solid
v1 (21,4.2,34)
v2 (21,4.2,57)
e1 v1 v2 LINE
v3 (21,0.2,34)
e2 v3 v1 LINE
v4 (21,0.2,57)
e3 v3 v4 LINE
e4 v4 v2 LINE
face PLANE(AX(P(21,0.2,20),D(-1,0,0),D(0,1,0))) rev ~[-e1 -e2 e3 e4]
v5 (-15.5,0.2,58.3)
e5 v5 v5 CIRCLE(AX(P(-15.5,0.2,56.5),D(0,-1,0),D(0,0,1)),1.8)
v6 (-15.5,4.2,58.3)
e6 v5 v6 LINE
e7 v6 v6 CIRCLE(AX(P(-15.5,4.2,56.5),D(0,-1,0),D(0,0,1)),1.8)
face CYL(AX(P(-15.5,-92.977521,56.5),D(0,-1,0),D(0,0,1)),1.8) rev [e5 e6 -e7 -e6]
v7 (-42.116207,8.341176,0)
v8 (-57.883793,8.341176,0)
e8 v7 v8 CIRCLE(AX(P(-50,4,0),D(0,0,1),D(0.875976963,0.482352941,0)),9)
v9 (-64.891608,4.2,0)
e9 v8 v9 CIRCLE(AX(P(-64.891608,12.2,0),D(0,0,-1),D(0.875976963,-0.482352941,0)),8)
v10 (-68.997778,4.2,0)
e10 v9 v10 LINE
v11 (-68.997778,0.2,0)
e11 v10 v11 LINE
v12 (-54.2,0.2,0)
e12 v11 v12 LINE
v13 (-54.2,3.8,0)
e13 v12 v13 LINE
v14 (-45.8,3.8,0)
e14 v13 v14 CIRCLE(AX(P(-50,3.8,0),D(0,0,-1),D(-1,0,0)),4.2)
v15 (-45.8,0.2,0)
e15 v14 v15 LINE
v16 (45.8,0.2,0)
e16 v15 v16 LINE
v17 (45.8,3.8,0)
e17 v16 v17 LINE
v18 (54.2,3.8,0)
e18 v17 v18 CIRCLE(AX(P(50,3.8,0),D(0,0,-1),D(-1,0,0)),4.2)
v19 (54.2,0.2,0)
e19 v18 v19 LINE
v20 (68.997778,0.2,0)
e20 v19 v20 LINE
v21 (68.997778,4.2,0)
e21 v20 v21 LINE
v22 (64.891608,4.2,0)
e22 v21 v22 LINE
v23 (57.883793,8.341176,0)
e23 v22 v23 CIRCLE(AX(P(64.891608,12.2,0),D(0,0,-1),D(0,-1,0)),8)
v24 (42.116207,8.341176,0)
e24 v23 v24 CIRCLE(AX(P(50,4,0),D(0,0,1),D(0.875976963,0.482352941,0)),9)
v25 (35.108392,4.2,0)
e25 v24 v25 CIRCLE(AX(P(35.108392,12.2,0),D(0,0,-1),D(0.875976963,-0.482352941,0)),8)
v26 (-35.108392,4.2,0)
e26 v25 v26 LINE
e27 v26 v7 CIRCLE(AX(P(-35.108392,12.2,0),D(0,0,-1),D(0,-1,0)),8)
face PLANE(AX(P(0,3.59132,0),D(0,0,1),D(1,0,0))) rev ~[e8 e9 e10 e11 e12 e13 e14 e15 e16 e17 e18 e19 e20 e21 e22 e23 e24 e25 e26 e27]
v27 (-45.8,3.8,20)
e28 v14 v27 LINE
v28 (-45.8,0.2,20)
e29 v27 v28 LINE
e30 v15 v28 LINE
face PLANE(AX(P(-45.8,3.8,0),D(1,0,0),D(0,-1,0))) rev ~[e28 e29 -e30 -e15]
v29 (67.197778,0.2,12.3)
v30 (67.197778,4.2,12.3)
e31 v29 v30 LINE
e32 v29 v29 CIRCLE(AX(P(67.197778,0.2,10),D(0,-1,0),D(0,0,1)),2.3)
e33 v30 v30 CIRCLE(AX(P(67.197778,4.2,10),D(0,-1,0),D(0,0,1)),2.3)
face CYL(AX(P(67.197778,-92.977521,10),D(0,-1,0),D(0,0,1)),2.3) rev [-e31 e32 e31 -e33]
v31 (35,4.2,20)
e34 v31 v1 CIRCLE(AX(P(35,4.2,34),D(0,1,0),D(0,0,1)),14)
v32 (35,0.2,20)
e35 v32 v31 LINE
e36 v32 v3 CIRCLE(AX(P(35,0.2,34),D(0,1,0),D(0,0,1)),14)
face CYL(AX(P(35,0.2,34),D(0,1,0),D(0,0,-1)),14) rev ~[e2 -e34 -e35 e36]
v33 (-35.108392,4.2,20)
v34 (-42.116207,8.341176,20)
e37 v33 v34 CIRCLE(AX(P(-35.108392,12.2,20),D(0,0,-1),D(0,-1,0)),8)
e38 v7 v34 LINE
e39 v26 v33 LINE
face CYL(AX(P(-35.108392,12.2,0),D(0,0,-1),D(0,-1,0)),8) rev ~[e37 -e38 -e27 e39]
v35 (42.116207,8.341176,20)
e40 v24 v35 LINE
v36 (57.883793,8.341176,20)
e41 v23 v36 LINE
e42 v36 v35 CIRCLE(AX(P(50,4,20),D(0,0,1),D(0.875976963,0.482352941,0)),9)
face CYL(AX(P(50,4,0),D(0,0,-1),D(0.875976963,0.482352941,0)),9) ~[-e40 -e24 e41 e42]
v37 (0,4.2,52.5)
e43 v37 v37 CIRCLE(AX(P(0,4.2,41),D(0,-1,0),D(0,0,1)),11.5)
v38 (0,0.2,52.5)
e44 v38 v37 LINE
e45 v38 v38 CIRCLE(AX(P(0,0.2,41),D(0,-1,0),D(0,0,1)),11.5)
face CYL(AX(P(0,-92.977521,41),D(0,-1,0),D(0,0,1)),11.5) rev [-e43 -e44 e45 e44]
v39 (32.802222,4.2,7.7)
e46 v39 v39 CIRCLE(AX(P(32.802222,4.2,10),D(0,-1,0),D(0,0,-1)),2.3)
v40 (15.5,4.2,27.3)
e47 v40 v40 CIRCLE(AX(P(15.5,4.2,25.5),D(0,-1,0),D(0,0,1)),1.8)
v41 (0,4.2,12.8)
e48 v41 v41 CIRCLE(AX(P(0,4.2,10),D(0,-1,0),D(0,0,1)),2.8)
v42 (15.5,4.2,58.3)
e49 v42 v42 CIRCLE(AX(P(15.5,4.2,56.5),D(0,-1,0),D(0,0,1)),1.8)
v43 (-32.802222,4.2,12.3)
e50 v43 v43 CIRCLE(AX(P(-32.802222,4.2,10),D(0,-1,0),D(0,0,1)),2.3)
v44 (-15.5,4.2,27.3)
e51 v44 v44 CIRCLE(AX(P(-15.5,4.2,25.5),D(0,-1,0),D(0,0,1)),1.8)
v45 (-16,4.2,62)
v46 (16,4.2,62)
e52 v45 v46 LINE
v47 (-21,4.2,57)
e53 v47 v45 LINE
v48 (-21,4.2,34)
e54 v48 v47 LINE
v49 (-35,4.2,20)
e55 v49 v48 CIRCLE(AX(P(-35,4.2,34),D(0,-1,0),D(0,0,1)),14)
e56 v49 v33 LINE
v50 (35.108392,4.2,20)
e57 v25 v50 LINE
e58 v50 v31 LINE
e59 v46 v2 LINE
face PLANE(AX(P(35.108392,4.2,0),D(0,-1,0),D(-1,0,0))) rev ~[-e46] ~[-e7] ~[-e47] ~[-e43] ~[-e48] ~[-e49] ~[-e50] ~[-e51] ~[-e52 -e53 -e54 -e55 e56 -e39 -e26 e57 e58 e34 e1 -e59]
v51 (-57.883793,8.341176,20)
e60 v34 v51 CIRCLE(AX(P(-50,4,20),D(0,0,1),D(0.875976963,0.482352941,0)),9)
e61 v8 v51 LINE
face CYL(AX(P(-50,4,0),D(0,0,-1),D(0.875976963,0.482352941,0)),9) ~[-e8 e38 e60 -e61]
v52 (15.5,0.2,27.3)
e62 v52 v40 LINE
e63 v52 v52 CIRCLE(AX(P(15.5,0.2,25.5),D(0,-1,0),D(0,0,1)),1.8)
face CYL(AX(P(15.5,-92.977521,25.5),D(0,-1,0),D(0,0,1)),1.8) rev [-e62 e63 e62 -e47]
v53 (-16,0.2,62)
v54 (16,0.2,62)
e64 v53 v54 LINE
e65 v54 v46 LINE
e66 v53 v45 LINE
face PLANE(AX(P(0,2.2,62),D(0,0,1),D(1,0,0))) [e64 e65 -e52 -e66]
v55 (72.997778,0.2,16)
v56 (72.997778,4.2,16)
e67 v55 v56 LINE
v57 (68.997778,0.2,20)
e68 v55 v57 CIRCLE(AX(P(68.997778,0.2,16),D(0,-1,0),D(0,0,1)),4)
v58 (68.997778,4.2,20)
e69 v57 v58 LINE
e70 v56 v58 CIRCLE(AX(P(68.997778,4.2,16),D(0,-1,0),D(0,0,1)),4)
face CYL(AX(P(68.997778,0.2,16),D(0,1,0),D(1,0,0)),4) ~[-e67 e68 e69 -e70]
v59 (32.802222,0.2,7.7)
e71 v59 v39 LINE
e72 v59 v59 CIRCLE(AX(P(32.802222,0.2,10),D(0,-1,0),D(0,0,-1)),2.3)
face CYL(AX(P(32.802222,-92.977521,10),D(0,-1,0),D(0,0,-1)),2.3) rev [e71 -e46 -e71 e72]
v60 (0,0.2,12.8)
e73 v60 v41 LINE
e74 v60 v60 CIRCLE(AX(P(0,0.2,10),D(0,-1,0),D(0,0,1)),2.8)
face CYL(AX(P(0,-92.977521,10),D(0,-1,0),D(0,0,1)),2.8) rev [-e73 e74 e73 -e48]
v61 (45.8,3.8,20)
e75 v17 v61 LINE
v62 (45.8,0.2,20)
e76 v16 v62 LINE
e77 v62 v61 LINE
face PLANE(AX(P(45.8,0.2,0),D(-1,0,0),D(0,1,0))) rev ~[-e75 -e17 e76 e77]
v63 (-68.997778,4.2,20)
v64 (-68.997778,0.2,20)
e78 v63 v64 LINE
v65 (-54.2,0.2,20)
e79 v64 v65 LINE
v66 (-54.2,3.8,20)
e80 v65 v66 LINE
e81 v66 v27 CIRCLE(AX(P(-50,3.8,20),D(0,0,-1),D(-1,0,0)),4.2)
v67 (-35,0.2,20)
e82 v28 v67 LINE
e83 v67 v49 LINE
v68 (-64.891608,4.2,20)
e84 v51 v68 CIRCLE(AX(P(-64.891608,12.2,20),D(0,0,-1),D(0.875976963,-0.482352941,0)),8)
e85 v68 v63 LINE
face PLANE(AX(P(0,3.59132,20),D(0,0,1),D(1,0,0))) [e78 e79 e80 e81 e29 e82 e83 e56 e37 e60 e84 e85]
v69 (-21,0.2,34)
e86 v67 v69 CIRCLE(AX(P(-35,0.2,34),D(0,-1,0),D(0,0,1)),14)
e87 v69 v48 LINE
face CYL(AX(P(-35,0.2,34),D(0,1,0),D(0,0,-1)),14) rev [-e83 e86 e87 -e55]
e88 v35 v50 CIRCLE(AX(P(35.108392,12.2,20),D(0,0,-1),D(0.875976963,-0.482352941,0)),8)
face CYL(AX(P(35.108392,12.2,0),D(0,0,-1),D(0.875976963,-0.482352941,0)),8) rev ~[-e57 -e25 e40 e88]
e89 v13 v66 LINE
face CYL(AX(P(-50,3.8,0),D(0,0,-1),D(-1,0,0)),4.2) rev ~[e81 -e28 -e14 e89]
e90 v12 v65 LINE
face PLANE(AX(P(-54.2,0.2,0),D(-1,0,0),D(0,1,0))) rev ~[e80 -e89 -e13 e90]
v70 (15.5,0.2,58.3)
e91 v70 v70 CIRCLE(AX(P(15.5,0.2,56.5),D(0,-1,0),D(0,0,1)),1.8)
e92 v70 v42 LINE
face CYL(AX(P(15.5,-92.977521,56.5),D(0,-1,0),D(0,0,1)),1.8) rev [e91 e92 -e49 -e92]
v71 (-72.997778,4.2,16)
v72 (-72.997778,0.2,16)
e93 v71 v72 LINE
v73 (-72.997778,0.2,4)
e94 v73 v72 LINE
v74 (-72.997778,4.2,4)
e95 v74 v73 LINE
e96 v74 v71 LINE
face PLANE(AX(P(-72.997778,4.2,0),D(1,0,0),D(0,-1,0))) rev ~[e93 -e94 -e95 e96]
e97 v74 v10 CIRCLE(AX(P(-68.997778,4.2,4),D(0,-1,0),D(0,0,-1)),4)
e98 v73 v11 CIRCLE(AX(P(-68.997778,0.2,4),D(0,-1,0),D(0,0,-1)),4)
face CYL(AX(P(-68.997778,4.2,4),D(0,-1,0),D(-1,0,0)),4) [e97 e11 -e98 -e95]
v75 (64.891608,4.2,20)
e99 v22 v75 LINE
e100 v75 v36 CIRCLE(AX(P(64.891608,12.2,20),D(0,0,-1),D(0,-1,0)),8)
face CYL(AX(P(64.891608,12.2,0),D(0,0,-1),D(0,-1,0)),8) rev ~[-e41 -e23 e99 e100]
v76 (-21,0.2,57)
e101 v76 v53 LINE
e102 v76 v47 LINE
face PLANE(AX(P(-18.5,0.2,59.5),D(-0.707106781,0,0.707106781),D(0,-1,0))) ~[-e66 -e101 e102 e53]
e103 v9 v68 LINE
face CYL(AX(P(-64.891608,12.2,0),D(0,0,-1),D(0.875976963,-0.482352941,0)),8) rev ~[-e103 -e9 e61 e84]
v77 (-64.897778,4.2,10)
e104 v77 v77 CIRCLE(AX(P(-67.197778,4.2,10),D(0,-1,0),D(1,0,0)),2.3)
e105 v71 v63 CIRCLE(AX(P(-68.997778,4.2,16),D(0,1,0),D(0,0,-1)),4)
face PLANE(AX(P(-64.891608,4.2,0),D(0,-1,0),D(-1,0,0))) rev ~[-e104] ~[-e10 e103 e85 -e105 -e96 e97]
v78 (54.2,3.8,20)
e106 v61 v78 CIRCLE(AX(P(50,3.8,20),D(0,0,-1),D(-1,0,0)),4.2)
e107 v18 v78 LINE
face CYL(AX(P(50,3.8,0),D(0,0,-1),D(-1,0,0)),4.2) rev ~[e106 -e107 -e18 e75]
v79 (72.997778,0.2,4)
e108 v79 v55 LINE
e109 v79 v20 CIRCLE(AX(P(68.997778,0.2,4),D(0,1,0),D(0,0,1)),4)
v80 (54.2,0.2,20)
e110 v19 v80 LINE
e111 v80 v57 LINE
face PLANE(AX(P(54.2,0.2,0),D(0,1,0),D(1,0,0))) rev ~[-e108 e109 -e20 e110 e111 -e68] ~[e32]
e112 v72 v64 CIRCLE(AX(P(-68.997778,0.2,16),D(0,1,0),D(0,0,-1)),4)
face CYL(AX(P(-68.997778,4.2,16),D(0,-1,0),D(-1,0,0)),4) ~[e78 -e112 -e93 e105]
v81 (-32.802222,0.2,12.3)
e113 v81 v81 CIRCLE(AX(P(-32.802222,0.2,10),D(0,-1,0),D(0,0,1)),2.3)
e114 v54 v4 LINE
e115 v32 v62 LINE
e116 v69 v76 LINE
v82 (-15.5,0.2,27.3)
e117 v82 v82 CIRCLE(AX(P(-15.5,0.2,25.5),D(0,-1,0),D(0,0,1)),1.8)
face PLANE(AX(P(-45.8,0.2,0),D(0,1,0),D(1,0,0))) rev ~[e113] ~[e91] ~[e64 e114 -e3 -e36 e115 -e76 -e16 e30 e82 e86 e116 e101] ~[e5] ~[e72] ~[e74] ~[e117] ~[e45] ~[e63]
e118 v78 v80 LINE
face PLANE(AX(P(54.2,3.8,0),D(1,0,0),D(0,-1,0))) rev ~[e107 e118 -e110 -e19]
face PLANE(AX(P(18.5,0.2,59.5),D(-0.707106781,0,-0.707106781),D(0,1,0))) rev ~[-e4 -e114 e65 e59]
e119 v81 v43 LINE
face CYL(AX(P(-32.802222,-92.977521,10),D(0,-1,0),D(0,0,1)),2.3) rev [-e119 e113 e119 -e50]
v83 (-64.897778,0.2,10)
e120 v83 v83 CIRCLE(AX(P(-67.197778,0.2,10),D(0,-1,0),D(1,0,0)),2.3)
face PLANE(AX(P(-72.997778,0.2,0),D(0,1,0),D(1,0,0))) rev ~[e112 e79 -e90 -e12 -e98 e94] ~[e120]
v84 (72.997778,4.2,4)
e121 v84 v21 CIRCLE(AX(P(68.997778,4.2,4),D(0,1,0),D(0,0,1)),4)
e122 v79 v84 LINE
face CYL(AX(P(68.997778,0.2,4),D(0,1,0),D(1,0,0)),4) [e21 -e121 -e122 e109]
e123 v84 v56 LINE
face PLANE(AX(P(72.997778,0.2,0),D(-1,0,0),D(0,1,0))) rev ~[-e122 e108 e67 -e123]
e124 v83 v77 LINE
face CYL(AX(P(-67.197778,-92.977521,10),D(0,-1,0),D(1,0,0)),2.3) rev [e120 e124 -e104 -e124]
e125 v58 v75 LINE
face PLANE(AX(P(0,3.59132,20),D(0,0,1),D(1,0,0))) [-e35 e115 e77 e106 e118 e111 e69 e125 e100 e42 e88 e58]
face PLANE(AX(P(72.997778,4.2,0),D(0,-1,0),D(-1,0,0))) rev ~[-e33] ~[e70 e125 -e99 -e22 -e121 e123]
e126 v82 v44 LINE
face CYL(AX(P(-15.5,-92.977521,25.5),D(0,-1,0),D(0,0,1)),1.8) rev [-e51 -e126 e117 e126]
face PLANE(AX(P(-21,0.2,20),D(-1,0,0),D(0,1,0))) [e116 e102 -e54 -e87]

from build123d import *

# Parameters (mm, degrees)
EXTRUDE_1_DEPTH          = 20
FILLET_1_R               = 4
SKETCH_3_W               = 42
SKETCH_3_H               = 4
EXTRUDE_2_DEPTH          = 42
FILLET_2_R               = 14
CHAMFER_1_SIZE           = 5
CUT_EXTRUDE_1_DEPTH      = 97.177520869
CUT_EXTRUDE_1_DEPTH_BACK = 97.177520869
SKETCH_2_R               = 2.8
SKETCH_2_R_2             = 2.3
SKETCH_2_R_3             = 11.5
SKETCH_2_R_4             = 1.8


with BuildPart() as part:
    # 草图1 → 凸台-拉伸1 (new body)
    with BuildSketch(Plane.XY):
        with BuildLine():
            Line((54.2, 3.8), (54.2, 0.2))
            Line((54.2, 0.2), (72.997777503, 0.2))
            Line((72.997777503, 0.2), (72.997777503, 4.2))
            Line((72.997777503, 4.2), (64.891608375, 4.2))
            ThreePointArc((64.891608375, 4.2), (60.821632223, 5.312671482), (57.883792669, 8.341176471))
            ThreePointArc((57.883792669, 8.341176471), (50, 13), (42.116207331, 8.341176471))
            ThreePointArc((42.116207331, 8.341176471), (39.178367777, 5.312671482), (35.108391625, 4.2))
            Line((35.108391625, 4.2), (-35.108391625, 4.2))
            ThreePointArc((-35.108391625, 4.2), (-39.178367777, 5.312671482), (-42.116207331, 8.341176471))
            ThreePointArc((-42.116207331, 8.341176471), (-50, 13), (-57.883792669, 8.341176471))
            ThreePointArc((-57.883792669, 8.341176471), (-60.821632223, 5.312671482), (-64.891608375, 4.2))
            Line((-64.891608375, 4.2), (-72.997777503, 4.2))
            Line((-72.997777503, 4.2), (-72.997777503, 0.2))
            Line((-72.997777503, 0.2), (-54.2, 0.2))
            Line((-54.2, 0.2), (-54.2, 3.8))
            ThreePointArc((-54.2, 3.8), (-50, 8), (-45.8, 3.8))
            Line((-45.8, 3.8), (-45.8, 0.2))
            Line((-45.8, 0.2), (45.8, 0.2))
            Line((45.8, 0.2), (45.8, 3.8))
            ThreePointArc((45.8, 3.8), (50, 8), (54.2, 3.8))
        make_face()
    extrude(amount=EXTRUDE_1_DEPTH)

    # 圆角1
    fillet_1_edges = [part.edges().sort_by_distance(p)[0] for p in [
        (72.997777503, 2.2, 20),
        (-72.997777503, 2.2, 0),
        (72.997777503, 2.2, 0),
        (-72.997777503, 2.2, 20),
    ]]
    fillet(fillet_1_edges, radius=FILLET_1_R)

    # 草图3 → 凸台-拉伸2 (add)
    with BuildSketch(Plane.XY.offset(20)):
        with Locations((0, 2.2)):
            Rectangle(SKETCH_3_W, SKETCH_3_H)
    extrude(amount=EXTRUDE_2_DEPTH)

    # 圆角2
    fillet_2_edges = [part.edges().sort_by_distance(p)[0] for p in [
        (-21, 2.2, 20),
        (21, 2.2, 20),
    ]]
    fillet(fillet_2_edges, radius=FILLET_2_R)

    # 倒角1
    chamfer_1_edges = [part.edges().sort_by_distance(p)[0] for p in [
        (-21, 2.2, 62),
        (21, 2.2, 62),
    ]]
    chamfer(chamfer_1_edges, length=CHAMFER_1_SIZE)

    # 草图2 → 切除-拉伸1 (cut, two sides: drawn at the far end of the back side and taken through both)
    with BuildSketch(Plane(origin=(0, 4.2, 0), x_dir=(1, 0, 0), z_dir=(0, 1, 0)).offset(-CUT_EXTRUDE_1_DEPTH_BACK)):
        with Locations(Location((0, -10, 0), (0, 0, 270))):
            Circle(SKETCH_2_R)
        with Locations(Location((67.197777503, -10, 0), (0, 0, 270))):
            Circle(SKETCH_2_R_2)
        with Locations(Location((32.802222497, -10, 0), (0, 0, 90))):
            Circle(SKETCH_2_R_2)
        with Locations(Location((-32.802222497, -10, 0), (0, 0, 270))):
            Circle(SKETCH_2_R_2)
        with Locations((-67.197777503, -10)):
            Circle(SKETCH_2_R_2)
        with Locations(Location((0, -41, 0), (0, 0, 270))):
            Circle(SKETCH_2_R_3)
        with Locations(Location((15.5, -25.5, 0), (0, 0, 270))):
            Circle(SKETCH_2_R_4)
        with Locations(Location((15.5, -56.5, 0), (0, 0, 270))):
            Circle(SKETCH_2_R_4)
        with Locations(Location((-15.5, -56.5, 0), (0, 0, 270))):
            Circle(SKETCH_2_R_4)
        with Locations(Location((-15.5, -25.5, 0), (0, 0, 270))):
            Circle(SKETCH_2_R_4)
    extrude(amount=CUT_EXTRUDE_1_DEPTH + CUT_EXTRUDE_1_DEPTH_BACK, mode=Mode.SUBTRACT)


solid = part.part
